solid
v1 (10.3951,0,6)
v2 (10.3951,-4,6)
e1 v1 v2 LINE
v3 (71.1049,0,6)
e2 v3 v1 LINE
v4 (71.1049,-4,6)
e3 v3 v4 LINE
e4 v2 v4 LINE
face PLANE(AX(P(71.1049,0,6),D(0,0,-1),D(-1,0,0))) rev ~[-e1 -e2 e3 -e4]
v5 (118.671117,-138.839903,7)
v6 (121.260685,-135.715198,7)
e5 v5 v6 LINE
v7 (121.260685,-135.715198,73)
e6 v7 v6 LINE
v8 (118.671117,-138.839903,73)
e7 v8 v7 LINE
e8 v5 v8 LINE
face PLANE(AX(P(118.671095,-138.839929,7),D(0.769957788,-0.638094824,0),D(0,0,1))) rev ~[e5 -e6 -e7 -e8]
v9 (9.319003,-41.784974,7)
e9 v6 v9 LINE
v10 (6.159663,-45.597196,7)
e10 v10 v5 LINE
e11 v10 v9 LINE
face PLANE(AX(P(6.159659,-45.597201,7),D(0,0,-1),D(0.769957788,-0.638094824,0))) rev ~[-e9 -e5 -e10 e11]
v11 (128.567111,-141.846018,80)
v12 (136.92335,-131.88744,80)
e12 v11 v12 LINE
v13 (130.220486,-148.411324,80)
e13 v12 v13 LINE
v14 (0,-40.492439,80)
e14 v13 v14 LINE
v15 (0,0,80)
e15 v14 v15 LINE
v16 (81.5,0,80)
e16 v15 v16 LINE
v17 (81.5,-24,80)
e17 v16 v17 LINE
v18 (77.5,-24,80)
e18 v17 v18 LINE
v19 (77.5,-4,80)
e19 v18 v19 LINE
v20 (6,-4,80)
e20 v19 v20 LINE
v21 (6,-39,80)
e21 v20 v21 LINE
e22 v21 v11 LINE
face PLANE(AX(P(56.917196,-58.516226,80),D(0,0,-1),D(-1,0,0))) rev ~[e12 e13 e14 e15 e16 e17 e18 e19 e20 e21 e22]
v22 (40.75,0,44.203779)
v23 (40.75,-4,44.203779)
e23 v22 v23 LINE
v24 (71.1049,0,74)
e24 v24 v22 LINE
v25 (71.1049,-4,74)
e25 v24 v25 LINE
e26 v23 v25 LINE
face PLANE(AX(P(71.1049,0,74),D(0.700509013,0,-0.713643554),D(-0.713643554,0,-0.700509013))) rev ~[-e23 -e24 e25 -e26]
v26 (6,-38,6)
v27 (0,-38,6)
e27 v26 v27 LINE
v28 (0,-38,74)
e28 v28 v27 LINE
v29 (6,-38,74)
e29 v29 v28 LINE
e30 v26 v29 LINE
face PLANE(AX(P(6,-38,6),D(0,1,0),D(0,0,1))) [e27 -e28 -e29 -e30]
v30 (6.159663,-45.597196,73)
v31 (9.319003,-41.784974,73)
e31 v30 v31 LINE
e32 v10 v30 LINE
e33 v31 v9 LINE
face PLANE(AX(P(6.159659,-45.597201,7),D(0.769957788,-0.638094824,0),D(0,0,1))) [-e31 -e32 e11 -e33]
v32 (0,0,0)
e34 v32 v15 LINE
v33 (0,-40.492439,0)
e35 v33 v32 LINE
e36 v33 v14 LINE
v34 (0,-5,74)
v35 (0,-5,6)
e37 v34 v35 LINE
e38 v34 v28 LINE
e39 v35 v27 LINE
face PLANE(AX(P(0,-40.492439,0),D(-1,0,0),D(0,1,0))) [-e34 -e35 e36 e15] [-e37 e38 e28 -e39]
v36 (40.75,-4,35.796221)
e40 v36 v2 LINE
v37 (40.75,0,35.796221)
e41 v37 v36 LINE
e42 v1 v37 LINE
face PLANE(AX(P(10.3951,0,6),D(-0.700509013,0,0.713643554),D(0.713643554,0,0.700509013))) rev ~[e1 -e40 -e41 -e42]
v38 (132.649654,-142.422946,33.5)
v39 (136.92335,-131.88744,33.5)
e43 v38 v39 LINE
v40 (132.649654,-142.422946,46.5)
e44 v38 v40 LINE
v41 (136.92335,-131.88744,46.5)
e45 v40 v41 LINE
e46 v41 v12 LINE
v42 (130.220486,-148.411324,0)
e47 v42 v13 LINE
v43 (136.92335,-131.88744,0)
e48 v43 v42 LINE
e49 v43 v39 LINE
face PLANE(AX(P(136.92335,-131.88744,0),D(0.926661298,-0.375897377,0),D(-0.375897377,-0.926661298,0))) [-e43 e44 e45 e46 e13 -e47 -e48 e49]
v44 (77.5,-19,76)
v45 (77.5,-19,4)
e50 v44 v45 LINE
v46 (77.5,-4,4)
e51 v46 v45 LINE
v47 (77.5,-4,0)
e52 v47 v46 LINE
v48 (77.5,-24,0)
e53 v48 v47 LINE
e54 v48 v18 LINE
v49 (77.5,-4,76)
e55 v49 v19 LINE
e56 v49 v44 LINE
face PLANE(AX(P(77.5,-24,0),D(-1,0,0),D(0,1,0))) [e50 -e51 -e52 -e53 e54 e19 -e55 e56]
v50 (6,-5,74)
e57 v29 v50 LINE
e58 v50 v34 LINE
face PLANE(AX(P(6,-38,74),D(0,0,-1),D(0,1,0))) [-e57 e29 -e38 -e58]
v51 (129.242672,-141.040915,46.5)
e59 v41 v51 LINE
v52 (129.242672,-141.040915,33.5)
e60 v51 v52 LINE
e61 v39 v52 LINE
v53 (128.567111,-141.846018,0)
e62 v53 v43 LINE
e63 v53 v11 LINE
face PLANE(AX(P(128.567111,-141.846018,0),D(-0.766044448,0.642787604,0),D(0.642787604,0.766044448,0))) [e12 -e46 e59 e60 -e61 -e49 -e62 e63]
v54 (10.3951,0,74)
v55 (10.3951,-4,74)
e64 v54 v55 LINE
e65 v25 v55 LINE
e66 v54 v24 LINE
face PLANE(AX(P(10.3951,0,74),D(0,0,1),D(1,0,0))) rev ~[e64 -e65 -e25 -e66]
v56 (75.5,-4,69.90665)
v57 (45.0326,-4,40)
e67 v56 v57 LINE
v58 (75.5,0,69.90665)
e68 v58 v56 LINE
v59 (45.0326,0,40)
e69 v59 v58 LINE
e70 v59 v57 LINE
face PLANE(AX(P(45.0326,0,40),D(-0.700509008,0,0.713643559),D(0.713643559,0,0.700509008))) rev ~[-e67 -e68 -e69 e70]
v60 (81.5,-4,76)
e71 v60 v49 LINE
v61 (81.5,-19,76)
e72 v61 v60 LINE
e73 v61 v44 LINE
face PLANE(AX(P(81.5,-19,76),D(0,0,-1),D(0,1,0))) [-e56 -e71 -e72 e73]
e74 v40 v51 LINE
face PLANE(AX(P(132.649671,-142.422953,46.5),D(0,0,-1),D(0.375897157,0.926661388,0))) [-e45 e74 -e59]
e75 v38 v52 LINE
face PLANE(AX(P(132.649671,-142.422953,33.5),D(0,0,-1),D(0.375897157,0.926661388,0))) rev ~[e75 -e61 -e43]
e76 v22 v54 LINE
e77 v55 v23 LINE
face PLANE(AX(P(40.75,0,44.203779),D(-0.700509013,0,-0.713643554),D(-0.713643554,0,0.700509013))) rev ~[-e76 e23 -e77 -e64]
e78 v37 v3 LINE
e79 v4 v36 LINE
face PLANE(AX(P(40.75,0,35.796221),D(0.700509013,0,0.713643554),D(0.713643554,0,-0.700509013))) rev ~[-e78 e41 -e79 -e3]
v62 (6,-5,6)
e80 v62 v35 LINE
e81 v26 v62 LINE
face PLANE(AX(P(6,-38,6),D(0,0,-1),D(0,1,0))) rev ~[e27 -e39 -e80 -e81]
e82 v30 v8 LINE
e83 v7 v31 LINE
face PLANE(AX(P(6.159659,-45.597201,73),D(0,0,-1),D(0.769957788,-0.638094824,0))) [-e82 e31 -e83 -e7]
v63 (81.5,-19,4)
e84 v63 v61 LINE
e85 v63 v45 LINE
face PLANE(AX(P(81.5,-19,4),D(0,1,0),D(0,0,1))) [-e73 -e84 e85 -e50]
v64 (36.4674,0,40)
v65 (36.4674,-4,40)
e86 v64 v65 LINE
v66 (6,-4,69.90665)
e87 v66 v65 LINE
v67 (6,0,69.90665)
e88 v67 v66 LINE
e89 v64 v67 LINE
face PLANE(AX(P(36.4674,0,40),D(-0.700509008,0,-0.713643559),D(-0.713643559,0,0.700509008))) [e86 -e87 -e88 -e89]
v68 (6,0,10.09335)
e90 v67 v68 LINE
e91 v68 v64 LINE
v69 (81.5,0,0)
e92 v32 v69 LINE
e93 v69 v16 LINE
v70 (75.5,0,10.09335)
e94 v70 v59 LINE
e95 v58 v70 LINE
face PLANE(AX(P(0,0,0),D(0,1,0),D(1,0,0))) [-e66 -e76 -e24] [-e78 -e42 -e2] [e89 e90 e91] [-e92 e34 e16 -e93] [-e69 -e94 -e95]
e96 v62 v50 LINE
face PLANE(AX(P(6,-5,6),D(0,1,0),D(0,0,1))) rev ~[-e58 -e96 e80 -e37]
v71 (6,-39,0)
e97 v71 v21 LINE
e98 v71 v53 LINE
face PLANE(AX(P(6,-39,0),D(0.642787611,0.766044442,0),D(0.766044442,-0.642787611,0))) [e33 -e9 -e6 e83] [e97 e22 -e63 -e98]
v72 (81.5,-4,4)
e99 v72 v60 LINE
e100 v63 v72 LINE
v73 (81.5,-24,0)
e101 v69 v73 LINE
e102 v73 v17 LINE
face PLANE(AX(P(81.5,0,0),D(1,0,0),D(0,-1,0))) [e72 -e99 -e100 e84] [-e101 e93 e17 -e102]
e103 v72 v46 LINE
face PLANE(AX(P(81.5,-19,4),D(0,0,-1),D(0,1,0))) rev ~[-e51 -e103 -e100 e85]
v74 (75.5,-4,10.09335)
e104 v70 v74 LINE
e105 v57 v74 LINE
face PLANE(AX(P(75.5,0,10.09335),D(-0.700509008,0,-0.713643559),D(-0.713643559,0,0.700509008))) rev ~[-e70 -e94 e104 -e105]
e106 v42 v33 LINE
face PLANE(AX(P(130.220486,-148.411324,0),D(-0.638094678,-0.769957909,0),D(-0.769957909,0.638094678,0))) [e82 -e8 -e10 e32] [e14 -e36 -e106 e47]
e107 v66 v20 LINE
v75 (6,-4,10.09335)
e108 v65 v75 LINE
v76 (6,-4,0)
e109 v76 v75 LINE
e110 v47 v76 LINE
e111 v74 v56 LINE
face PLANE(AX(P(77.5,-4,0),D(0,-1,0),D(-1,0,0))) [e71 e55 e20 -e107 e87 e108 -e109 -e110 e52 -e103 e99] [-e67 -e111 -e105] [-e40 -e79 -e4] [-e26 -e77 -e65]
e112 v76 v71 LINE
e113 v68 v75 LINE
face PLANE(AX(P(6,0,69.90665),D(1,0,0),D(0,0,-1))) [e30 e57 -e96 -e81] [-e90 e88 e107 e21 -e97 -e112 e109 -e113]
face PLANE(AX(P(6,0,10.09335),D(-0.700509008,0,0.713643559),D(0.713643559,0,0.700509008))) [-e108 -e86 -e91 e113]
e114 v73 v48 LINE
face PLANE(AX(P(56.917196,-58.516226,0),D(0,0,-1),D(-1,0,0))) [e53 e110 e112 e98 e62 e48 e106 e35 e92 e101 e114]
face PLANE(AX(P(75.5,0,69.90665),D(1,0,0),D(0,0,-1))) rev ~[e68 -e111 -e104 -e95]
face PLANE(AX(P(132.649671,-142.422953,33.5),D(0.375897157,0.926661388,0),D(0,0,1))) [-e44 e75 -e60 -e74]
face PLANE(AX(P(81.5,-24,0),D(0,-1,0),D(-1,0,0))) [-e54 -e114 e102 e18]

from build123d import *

# Parameters (mm, degrees)
PAD_DEPTH       = 80
POCKET_DEPTH    = 5
SKETCH002_W     = 33
SKETCH002_H     = 68
POCKET001_DEPTH = 9
SKETCH003_W     = 146.126759
SKETCH003_H     = 66
POCKET002_DEPTH = 5
SKETCH004_W     = 15
SKETCH004_H     = 72
POCKET003_DEPTH = 5
SKETCH005_W     = 20
SKETCH005_H     = 13
POCKET004_DEPTH = 5


with BuildPart() as part:
    # Sketch → Pad (new body)
    with BuildSketch(Plane.XY):
        Polygon((0, 0), (81.5, 0), (81.5, -24), (77.5, -24), (77.5, -4), (6, -4), (6, -39), (128.567111, -141.846018), (136.92335, -131.88744), (130.220486, -148.411324), (0, -40.492439), align=None)
    extrude(amount=PAD_DEPTH)

    # Sketch001 (on Face1 of Pad) → Pocket (cut)
    with BuildSketch(Plane(origin=(0, 0, 0), x_dir=(-1, 0, 0), z_dir=(0, 1, 0))):
        Polygon((-40.75, 35.796221), (-71.1049, 6), (-10.3951, 6), align=None)
        Polygon((-75.5, 69.90665), (-75.5, 10.09335), (-45.0326, 40), align=None)
        Polygon((-71.1049, 74), (-40.75, 44.203779), (-10.3951, 74), align=None)
        Polygon((-6, 69.90665), (-6, 10.09335), (-36.4674, 40), align=None)
    extrude(amount=-POCKET_DEPTH, mode=Mode.SUBTRACT)

    # Sketch002 (on Face22 of Pocket) → Pocket001 (cut)
    with BuildSketch(Plane.YZ.offset(6)):
        with Locations((-21.5, 40)):
            Rectangle(SKETCH002_W, SKETCH002_H)
    extrude(amount=-POCKET001_DEPTH, mode=Mode.SUBTRACT)

    # Sketch003 (on Face18 of Pocket001) → Pocket002 (cut)
    with BuildSketch(Plane(origin=(-19.89418, -24.005342, 0), x_dir=(0.769958, -0.638095, 0), z_dir=(-0.638095, -0.769958, 0))):
        with Locations((106.901389, 40)):
            Rectangle(SKETCH003_W, SKETCH003_H)
    extrude(amount=-POCKET002_DEPTH, mode=Mode.SUBTRACT)

    # Sketch004 (on Face5 of Pocket002) → Pocket003 (cut)
    with BuildSketch(Plane.YZ.offset(81.5)):
        with Locations((-11.5, 40)):
            Rectangle(SKETCH004_W, SKETCH004_H)
    extrude(amount=-POCKET003_DEPTH, mode=Mode.SUBTRACT)

    # Sketch005 (on Face29 of Pocket003) → Pocket004 (cut)
    with BuildSketch(Plane(origin=(163.516532, -66.32999, 0), x_dir=(0.375897, 0.926661, 0), z_dir=(0.926661, -0.375897, 0))):
        with Locations((-72.115176, 40)):
            Rectangle(SKETCH005_W, SKETCH005_H)
    extrude(amount=-POCKET004_DEPTH, mode=Mode.SUBTRACT)


solid = part.part
